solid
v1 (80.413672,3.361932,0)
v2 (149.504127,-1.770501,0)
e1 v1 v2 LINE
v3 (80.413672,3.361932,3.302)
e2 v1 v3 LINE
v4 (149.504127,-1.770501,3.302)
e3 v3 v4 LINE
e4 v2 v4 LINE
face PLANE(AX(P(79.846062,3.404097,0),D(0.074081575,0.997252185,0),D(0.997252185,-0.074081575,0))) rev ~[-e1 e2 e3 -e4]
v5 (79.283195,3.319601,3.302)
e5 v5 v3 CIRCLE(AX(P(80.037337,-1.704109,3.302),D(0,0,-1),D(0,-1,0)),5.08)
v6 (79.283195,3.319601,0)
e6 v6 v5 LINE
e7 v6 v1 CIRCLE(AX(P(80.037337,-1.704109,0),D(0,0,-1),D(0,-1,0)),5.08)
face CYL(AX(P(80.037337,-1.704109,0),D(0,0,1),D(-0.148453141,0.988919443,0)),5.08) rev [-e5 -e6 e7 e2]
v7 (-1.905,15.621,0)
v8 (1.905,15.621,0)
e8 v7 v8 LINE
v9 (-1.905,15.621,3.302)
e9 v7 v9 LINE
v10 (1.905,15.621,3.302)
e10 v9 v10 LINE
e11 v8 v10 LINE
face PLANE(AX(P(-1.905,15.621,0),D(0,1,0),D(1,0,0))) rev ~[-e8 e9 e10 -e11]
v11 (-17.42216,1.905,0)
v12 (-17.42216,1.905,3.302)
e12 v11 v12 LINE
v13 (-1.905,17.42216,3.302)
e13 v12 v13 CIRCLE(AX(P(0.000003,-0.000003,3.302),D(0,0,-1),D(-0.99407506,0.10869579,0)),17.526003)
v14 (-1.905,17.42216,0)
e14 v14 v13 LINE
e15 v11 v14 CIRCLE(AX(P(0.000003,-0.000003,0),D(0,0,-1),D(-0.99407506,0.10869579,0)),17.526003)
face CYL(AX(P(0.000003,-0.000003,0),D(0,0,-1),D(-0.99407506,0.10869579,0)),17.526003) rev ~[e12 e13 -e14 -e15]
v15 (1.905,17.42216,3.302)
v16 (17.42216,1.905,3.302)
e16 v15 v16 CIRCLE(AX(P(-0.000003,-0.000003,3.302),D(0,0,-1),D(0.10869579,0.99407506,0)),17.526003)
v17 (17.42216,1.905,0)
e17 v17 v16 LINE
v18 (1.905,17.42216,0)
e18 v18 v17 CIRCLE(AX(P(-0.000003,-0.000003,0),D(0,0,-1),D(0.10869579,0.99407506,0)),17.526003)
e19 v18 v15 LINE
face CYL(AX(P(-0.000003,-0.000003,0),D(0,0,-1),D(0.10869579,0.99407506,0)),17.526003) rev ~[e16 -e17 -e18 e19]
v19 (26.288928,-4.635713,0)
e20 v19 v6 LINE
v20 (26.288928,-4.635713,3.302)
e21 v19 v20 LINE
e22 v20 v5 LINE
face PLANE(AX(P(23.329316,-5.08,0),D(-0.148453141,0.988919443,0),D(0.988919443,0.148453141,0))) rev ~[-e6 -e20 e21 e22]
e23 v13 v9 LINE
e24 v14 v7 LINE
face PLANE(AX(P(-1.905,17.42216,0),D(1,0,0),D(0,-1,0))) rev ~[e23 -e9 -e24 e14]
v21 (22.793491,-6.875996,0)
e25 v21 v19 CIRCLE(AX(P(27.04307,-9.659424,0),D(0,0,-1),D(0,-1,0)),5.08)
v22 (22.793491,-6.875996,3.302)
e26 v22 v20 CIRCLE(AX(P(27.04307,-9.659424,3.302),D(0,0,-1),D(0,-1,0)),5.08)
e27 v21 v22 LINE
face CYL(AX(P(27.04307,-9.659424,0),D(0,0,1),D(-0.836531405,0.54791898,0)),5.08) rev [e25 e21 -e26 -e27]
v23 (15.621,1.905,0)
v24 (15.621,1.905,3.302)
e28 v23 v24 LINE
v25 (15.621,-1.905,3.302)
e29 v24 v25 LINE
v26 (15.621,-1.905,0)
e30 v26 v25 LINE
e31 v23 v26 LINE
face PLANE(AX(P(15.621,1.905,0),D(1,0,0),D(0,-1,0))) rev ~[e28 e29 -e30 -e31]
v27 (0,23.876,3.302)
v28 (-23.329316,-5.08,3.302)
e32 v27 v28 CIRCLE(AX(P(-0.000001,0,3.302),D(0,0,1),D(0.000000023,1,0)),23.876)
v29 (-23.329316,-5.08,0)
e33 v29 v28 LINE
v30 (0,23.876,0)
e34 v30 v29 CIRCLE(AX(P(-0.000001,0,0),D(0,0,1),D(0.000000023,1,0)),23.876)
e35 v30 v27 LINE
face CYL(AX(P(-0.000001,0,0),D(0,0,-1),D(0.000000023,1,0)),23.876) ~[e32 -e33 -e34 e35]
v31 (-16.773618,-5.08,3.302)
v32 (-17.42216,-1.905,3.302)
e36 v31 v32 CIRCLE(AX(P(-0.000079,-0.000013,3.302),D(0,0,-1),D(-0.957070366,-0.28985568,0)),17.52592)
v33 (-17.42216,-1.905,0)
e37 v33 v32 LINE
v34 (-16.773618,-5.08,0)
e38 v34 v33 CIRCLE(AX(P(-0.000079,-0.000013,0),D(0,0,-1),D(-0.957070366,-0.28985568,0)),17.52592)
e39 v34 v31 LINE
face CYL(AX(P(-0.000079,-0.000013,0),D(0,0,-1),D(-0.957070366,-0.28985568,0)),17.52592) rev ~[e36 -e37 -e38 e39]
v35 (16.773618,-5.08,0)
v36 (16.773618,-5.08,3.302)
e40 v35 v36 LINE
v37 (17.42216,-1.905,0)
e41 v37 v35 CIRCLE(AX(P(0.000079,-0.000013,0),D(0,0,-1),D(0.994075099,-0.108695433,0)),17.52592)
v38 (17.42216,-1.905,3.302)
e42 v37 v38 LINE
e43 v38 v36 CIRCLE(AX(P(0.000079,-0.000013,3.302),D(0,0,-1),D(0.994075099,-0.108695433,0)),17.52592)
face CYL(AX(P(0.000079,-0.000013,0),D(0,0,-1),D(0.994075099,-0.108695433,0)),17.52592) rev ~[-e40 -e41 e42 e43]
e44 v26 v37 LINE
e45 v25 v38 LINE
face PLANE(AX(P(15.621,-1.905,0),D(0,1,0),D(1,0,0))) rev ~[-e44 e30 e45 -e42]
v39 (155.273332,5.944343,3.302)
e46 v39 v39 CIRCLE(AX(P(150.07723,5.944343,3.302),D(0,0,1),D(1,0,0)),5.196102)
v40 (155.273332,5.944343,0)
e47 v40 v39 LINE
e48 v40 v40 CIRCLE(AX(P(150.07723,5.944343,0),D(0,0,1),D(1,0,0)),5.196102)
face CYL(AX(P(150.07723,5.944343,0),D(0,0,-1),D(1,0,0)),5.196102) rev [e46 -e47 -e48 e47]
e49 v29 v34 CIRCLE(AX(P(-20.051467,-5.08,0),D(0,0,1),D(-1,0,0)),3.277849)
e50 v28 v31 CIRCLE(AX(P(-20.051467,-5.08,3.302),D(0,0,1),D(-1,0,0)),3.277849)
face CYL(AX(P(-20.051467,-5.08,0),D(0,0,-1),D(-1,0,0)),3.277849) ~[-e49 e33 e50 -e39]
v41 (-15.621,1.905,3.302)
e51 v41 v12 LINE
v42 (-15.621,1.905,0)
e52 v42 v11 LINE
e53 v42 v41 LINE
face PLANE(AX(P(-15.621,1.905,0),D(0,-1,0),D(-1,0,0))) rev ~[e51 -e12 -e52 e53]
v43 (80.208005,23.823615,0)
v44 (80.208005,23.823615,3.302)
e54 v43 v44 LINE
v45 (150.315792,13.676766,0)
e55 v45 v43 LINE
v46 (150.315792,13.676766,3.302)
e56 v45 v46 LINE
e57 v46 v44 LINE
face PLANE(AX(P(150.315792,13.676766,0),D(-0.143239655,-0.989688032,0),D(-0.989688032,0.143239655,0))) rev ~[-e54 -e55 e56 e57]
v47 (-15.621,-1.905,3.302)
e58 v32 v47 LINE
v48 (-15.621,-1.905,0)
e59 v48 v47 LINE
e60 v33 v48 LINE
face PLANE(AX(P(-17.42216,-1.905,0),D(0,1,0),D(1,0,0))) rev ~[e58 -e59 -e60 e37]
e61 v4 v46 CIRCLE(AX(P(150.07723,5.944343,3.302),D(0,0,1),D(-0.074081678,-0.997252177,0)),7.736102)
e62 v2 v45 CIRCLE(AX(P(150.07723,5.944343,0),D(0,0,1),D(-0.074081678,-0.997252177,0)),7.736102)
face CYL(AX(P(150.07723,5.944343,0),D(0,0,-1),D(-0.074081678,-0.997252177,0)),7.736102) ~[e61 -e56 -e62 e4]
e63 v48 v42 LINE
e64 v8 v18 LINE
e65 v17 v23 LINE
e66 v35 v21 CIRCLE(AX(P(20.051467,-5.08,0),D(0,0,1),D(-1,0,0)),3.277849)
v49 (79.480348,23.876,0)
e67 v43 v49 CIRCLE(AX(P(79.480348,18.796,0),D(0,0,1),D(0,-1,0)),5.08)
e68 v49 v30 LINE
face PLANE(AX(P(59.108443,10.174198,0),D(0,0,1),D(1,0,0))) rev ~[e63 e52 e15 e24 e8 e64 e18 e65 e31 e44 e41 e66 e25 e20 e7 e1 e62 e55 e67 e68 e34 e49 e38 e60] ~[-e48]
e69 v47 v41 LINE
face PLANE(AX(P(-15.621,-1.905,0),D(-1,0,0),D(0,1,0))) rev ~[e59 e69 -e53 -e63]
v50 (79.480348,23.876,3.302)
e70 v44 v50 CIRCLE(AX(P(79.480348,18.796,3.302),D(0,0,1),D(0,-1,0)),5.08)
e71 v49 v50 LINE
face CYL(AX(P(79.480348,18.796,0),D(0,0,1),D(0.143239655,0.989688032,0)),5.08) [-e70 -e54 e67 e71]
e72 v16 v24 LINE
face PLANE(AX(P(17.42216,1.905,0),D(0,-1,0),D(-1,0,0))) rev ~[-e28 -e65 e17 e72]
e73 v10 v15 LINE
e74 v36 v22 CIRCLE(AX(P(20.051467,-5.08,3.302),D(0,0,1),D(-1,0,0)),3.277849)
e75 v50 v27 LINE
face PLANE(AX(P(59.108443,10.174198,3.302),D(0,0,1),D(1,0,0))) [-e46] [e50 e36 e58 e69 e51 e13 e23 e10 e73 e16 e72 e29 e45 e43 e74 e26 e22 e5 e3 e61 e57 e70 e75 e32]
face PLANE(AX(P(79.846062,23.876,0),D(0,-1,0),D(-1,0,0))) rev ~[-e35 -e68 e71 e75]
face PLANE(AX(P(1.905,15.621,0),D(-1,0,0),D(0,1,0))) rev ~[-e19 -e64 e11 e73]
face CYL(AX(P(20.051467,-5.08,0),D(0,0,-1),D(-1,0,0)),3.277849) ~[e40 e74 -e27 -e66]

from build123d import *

# Parameters (mm, degrees)
F0_R     = 5.196102
F1_DEPTH = 3.302
F2_R     = 5.08


with BuildPart() as f1:
    # F0 (on Top) → F1 (new body)
    with BuildSketch(Plane.XY):
        with BuildLine():
            ThreePointArc((17.42216, -1.905), (17.171429, -3.507522), (16.773618, -5.08))
            ThreePointArc((16.773618, -5.08), (20.051467, -8.357849), (23.329316, -5.08))
            Line((23.329316, -5.08), (79.846062, 3.404097))
            Line((79.846062, 3.404097), (149.504127, -1.770501))
            ThreePointArc((149.504127, -1.770501), (157.802675, 5.538416), (150.315792, 13.676766))
            Line((150.315792, 13.676766), (79.846062, 23.876))
            Line((79.846062, 23.876), (0, 23.876))
            ThreePointArc((0, 23.876), (-18.592384, 14.979541), (-23.329316, -5.08))
            ThreePointArc((-23.329316, -5.08), (-20.051467, -8.357849), (-16.773618, -5.08))
            ThreePointArc((-16.773618, -5.08), (-17.171429, -3.507522), (-17.42216, -1.905))
            ThreePointArc((-17.42216, -1.905), (-17.526, 0), (-17.42216, 1.905))
            ThreePointArc((-17.42216, 1.905), (-12.392753, 12.392753), (-1.905, 17.42216))
            ThreePointArc((-1.905, 17.42216), (0, 17.526), (1.905, 17.42216))
            ThreePointArc((1.905, 17.42216), (12.392753, 12.392753), (17.42216, 1.905))
            ThreePointArc((17.42216, 1.905), (17.526, 0), (17.42216, -1.905))
        make_face()
        with Locations((150.07723, 5.944343)):
            Circle(F0_R, mode=Mode.SUBTRACT)
        with BuildLine():
            Line((1.905, 15.621), (1.905, 17.42216))
            ThreePointArc((1.905, 17.42216), (0, 17.526), (-1.905, 17.42216))
            Line((-1.905, 17.42216), (-1.905, 15.621))
            Line((-1.905, 15.621), (1.905, 15.621))
        make_face()
        with BuildLine():
            Line((15.621, -1.905), (17.42216, -1.905))
            ThreePointArc((17.42216, -1.905), (17.526, 0), (17.42216, 1.905))
            Line((17.42216, 1.905), (15.621, 1.905))
            Line((15.621, 1.905), (15.621, -1.905))
        make_face()
        with BuildLine():
            Line((-15.621, 1.905), (-17.42216, 1.905))
            ThreePointArc((-17.42216, 1.905), (-17.526, 0), (-17.42216, -1.905))
            Line((-17.42216, -1.905), (-15.621, -1.905))
            Line((-15.621, -1.905), (-15.621, 1.905))
        make_face()
    extrude(amount=F1_DEPTH)

    # F2
    f2_edges = [f1.edges().sort_by_distance(p)[0] for p in [
        (23.329316, -5.08, 1.651),
        (79.846062, 3.404097, 1.651),
        (79.846062, 23.876, 1.651),
    ]]
    fillet(f2_edges, radius=F2_R)


solid = f1.part
